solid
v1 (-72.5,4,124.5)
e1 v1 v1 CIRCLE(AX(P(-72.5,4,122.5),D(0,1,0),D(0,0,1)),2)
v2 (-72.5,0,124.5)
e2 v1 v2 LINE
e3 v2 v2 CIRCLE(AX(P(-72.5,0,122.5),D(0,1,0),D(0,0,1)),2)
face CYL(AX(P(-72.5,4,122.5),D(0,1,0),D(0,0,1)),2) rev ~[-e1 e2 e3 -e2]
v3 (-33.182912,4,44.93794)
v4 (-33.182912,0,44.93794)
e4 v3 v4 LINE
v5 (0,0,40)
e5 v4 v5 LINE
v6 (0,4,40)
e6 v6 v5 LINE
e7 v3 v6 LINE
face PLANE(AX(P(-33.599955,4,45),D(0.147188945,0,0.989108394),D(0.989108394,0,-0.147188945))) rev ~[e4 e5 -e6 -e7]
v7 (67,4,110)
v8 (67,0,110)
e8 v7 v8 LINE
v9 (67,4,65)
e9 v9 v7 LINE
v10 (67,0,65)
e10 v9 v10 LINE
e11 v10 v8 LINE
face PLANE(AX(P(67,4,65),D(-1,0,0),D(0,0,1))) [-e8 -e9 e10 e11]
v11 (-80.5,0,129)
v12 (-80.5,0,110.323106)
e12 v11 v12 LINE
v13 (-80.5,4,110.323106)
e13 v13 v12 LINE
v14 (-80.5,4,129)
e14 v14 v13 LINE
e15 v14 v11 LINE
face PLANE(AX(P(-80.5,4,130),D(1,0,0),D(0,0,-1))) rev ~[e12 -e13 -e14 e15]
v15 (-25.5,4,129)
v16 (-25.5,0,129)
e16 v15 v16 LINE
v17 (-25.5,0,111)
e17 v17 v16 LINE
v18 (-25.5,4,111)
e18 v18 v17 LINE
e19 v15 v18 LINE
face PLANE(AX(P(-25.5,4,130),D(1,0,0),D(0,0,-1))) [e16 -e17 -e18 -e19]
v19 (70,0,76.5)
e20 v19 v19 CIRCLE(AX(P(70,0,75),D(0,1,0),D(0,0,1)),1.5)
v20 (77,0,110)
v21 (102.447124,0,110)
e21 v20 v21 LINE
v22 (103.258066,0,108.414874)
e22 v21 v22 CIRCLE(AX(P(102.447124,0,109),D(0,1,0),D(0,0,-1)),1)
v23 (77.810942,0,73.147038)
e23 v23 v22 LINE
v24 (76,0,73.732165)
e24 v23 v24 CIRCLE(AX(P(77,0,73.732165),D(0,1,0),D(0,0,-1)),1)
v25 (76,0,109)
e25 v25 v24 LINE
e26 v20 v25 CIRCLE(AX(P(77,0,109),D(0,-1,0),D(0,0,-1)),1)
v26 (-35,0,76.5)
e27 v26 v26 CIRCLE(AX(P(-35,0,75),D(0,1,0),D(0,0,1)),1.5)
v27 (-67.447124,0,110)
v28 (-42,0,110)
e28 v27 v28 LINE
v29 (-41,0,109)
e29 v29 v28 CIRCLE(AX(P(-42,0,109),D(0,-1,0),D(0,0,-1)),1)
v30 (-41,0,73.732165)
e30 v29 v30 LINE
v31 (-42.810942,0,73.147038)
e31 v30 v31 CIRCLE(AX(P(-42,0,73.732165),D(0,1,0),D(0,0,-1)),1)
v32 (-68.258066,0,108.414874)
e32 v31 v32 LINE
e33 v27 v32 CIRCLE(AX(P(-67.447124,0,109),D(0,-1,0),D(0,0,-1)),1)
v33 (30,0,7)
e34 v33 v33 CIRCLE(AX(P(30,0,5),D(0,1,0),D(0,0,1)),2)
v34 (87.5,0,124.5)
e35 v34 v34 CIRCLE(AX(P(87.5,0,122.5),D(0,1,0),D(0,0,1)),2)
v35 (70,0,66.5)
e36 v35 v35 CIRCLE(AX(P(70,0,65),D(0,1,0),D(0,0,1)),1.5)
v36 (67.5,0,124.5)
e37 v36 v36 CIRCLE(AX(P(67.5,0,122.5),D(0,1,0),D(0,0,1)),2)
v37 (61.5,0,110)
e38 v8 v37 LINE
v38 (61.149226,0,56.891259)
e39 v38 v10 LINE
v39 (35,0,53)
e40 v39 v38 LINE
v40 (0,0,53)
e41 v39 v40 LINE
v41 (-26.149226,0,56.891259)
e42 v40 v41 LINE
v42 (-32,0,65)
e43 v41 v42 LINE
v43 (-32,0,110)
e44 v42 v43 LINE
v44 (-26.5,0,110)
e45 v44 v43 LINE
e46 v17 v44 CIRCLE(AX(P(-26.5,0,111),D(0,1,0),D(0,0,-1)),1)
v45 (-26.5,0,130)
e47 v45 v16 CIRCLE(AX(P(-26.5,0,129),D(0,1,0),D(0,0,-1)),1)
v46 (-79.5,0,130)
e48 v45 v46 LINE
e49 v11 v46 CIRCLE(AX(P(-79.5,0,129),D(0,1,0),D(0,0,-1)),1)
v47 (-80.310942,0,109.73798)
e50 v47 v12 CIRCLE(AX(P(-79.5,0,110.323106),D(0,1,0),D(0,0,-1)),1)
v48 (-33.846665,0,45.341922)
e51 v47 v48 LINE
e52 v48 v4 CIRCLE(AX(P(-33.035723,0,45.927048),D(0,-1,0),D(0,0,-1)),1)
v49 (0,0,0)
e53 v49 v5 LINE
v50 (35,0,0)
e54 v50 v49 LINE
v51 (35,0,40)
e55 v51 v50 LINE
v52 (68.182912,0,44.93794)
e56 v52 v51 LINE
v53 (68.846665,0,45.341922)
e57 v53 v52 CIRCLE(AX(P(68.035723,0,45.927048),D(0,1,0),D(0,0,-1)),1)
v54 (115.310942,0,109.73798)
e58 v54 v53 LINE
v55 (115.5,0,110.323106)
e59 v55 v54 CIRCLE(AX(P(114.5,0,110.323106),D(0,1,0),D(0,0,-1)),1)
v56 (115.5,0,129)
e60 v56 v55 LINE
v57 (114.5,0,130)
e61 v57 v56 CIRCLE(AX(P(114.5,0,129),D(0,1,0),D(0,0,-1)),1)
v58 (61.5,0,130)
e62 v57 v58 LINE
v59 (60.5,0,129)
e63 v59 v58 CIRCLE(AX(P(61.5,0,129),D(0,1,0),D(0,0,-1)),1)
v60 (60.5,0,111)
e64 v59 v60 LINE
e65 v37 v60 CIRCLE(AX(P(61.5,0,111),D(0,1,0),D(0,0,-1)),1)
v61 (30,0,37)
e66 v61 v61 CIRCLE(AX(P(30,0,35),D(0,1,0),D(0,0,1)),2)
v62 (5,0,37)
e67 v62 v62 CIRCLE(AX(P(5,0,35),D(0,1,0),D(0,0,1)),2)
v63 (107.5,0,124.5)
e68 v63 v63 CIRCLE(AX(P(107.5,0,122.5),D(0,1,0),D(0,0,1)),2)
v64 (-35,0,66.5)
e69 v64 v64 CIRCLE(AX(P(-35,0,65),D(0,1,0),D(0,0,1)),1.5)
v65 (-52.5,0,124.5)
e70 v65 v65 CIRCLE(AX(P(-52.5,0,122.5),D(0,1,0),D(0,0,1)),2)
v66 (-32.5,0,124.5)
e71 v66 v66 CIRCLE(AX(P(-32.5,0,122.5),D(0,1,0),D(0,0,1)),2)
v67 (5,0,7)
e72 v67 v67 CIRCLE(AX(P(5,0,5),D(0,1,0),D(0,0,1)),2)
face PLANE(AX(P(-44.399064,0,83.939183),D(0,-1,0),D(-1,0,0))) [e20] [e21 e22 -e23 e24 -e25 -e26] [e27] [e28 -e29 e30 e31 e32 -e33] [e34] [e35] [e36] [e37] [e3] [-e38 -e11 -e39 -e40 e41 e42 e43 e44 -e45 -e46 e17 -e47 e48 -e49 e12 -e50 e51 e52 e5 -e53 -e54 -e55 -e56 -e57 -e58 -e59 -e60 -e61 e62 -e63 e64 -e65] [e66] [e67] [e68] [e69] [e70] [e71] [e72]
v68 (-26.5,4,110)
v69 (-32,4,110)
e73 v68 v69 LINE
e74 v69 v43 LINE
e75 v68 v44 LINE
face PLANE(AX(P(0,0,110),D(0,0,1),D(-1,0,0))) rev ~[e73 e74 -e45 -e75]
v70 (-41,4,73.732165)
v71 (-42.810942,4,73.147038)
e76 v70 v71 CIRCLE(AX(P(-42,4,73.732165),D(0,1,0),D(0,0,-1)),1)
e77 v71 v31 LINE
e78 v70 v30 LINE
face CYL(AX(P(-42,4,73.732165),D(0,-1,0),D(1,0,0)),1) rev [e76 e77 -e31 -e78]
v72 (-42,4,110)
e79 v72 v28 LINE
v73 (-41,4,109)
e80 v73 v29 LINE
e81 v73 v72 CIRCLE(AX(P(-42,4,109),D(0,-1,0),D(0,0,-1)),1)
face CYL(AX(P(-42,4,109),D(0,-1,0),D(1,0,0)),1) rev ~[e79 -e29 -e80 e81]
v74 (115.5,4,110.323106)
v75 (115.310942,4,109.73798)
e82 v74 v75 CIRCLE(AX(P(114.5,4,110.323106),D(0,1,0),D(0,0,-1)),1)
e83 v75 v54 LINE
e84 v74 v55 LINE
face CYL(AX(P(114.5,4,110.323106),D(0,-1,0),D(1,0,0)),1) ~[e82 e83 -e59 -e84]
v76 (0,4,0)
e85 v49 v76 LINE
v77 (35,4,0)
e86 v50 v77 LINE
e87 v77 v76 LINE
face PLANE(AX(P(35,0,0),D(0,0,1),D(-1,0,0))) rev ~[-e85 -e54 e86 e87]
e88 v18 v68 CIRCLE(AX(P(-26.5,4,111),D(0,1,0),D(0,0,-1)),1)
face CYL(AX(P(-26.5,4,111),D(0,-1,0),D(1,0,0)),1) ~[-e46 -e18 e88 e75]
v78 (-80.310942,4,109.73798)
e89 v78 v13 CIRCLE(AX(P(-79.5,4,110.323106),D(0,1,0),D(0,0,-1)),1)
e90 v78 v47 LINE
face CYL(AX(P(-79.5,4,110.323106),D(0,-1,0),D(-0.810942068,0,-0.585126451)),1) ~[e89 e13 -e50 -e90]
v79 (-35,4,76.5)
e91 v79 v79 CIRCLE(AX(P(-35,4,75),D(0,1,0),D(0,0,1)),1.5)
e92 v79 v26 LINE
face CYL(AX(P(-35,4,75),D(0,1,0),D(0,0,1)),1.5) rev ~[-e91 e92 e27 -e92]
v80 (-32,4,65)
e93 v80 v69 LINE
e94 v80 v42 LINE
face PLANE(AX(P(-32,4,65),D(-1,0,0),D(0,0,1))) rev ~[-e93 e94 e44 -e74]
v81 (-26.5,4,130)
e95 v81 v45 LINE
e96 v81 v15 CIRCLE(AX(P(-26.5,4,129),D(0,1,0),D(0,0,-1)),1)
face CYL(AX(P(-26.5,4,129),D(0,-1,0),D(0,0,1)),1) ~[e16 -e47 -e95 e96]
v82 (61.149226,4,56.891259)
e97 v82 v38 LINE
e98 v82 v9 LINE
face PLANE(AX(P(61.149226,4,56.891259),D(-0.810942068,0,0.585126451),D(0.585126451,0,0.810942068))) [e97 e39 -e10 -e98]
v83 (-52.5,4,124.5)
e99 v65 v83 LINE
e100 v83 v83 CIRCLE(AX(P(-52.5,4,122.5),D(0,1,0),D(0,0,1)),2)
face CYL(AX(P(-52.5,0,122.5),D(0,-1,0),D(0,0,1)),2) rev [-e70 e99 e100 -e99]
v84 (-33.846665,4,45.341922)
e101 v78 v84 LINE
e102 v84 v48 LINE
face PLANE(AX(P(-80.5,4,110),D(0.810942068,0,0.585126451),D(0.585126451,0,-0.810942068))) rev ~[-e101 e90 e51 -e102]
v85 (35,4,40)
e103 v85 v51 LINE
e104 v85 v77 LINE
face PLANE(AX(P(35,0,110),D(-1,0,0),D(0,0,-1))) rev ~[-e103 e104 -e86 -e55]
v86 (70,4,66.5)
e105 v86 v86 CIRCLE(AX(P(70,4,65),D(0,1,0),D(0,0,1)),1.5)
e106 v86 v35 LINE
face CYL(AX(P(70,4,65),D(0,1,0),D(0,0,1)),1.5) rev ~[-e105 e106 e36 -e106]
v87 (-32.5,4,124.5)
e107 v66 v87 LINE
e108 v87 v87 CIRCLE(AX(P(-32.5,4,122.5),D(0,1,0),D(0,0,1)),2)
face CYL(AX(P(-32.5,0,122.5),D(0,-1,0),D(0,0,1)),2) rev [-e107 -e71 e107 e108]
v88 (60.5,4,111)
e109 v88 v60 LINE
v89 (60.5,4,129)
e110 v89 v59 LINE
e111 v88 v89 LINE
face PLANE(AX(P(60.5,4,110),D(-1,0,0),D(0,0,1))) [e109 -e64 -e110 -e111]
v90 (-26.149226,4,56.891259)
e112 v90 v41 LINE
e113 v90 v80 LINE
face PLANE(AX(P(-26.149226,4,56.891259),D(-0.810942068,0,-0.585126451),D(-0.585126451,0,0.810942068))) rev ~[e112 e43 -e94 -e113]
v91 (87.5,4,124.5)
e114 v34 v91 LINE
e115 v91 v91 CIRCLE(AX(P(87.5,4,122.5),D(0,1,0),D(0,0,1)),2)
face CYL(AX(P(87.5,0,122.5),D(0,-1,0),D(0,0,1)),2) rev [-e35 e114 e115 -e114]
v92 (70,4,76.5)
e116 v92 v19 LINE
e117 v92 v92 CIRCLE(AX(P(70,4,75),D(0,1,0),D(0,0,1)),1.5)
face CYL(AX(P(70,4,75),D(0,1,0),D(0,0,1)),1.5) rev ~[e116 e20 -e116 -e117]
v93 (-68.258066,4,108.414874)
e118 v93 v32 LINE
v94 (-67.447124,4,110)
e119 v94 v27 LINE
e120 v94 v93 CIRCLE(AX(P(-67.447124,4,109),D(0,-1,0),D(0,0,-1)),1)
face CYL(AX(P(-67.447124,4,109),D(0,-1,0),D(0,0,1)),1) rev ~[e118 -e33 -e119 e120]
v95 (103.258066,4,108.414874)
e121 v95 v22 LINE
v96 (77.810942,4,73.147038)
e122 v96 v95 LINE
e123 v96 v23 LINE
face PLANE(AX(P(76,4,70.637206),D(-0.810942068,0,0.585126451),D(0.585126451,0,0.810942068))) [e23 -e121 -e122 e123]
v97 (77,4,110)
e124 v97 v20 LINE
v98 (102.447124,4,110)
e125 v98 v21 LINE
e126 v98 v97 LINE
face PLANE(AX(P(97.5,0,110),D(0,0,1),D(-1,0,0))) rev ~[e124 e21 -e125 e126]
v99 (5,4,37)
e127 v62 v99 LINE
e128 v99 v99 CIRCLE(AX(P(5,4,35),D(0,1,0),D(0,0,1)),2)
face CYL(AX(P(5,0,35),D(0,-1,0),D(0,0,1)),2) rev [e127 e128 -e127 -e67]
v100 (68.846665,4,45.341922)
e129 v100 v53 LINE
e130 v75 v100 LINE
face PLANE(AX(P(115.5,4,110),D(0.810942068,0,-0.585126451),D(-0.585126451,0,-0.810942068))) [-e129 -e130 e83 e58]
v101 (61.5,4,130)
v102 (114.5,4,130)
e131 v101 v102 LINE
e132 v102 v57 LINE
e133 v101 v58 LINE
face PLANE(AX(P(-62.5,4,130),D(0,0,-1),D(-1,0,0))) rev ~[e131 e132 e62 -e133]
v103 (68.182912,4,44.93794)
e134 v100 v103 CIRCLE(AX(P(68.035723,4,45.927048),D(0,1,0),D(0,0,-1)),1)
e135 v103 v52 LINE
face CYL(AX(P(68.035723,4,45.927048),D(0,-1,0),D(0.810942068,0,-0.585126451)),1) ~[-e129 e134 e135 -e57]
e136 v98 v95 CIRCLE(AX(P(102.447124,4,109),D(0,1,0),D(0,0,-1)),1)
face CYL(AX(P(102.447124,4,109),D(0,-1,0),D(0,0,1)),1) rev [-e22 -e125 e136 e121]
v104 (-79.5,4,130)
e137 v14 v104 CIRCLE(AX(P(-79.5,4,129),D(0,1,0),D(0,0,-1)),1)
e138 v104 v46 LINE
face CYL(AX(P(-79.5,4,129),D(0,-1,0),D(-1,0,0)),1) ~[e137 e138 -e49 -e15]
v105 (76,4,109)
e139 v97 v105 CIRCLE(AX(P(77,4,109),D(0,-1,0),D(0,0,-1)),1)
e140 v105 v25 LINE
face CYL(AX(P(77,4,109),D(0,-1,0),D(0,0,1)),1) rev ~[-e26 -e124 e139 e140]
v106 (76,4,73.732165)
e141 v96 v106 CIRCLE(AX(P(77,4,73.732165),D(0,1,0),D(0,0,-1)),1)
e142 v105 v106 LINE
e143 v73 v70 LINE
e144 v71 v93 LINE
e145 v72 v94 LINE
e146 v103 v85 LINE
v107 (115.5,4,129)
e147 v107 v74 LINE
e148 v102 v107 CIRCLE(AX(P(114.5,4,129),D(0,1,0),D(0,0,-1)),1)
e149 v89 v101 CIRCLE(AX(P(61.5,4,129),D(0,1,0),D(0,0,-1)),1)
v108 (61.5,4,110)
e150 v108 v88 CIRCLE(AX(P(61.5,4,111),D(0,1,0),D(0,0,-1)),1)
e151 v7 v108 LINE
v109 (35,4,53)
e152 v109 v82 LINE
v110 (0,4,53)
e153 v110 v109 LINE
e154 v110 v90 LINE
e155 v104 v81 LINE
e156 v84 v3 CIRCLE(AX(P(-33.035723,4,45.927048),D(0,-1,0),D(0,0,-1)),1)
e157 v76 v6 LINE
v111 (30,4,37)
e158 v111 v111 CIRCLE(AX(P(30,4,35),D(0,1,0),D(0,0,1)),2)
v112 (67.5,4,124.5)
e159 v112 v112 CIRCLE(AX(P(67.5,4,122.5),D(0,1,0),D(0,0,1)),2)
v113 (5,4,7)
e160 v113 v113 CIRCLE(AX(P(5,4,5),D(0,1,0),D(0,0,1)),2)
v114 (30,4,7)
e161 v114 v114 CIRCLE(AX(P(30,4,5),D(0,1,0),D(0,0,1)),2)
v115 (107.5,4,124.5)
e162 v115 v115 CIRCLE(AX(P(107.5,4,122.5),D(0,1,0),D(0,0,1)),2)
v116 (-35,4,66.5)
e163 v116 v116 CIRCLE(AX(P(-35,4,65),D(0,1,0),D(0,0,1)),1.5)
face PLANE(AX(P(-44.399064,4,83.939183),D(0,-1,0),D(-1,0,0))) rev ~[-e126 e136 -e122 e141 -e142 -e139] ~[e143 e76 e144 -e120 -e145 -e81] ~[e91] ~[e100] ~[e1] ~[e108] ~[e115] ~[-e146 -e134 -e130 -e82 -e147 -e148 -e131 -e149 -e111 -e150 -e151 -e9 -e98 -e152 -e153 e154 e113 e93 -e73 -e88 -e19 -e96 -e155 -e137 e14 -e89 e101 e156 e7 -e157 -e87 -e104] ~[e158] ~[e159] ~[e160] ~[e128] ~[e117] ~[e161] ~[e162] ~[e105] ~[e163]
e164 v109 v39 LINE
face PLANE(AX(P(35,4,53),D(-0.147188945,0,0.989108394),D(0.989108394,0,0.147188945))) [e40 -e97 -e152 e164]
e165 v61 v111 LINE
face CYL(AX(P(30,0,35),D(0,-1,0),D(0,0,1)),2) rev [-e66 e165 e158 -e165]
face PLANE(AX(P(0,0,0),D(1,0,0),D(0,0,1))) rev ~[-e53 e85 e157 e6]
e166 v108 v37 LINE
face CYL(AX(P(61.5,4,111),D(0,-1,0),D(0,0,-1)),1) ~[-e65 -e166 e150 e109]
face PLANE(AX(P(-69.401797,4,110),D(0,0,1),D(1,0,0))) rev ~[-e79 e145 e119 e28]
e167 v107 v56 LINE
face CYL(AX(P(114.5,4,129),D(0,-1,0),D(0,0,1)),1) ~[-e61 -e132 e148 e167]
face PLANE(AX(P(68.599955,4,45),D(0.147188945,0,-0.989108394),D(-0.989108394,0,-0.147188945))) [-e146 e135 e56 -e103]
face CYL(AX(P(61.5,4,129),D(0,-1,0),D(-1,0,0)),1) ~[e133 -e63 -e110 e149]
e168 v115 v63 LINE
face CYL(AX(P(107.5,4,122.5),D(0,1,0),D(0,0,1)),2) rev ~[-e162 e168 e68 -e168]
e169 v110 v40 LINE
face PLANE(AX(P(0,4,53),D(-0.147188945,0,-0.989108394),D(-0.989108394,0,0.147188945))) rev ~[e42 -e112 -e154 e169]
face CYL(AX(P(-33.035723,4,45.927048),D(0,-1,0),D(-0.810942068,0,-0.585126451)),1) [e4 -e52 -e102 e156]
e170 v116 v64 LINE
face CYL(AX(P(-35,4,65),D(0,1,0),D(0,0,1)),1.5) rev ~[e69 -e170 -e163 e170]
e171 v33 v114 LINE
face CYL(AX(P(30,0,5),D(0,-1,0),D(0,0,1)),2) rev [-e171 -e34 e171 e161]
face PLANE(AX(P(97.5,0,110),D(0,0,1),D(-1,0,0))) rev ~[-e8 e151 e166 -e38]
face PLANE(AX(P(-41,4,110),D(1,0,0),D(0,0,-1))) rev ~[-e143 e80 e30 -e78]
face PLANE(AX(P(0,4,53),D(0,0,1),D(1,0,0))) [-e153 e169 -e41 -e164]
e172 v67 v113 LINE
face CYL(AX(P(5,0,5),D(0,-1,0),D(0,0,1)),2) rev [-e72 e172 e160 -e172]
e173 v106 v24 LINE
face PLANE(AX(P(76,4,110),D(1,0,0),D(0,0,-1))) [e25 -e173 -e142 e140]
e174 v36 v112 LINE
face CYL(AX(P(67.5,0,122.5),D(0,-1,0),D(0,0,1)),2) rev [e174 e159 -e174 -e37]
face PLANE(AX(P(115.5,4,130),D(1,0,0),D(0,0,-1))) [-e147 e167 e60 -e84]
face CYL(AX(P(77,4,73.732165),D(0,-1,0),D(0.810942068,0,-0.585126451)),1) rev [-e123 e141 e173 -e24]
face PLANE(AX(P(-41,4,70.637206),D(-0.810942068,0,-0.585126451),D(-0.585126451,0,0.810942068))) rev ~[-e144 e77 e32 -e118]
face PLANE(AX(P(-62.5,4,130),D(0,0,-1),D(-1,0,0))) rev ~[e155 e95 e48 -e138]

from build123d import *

# Parameters (mm, degrees)
SKETCH_1_R          = 2
EXTRUDE_1_DEPTH     = 4
SKETCH_2_R          = 1.5
SKETCH_2_R_2        = 2
EXTRUDE_2_DEPTH     = 4
CUT_EXTRUDE_1_DEPTH = 174.943237868
FILLET_2_R          = 1
FILLET_3_R          = 1


with BuildPart() as part:
    # 草图1 → 凸台-拉伸1 (new body)
    with BuildSketch(Plane(origin=(0, 0, 0), x_dir=(1, 0, 0), z_dir=(0, 1, 0))):
        Polygon((0, 0), (0, -110), (-62.5, -110), (-62.5, -130), (97.5, -130), (97.5, -110), (35, -110), (35, 0), align=None)
        with Locations(Location((5, -5, 0), (0, 0, 270))):
            Circle(SKETCH_1_R, mode=Mode.SUBTRACT)
        with Locations(Location((30, -5, 0), (0, 0, 270))):
            Circle(SKETCH_1_R, mode=Mode.SUBTRACT)
        with Locations(Location((5, -35, 0), (0, 0, 270))):
            Circle(SKETCH_1_R, mode=Mode.SUBTRACT)
        with Locations(Location((30, -35, 0), (0, 0, 270))):
            Circle(SKETCH_1_R, mode=Mode.SUBTRACT)
        with Locations(Location((-52.5, -122.5, 0), (0, 0, 270))):
            Circle(SKETCH_1_R, mode=Mode.SUBTRACT)
        with Locations(Location((-32.5, -122.5, 0), (0, 0, 270))):
            Circle(SKETCH_1_R, mode=Mode.SUBTRACT)
        with Locations(Location((-12.5, -122.5, 0), (0, 0, 270))):
            Circle(SKETCH_1_R, mode=Mode.SUBTRACT)
        with Locations(Location((7.5, -122.5, 0), (0, 0, 270))):
            Circle(SKETCH_1_R, mode=Mode.SUBTRACT)
        with Locations(Location((27.5, -122.5, 0), (0, 0, 270))):
            Circle(SKETCH_1_R, mode=Mode.SUBTRACT)
        with Locations(Location((47.5, -122.5, 0), (0, 0, 270))):
            Circle(SKETCH_1_R, mode=Mode.SUBTRACT)
        with Locations(Location((67.5, -122.5, 0), (0, 0, 270))):
            Circle(SKETCH_1_R, mode=Mode.SUBTRACT)
        with Locations(Location((87.5, -122.5, 0), (0, 0, 270))):
            Circle(SKETCH_1_R, mode=Mode.SUBTRACT)
    extrude(amount=EXTRUDE_1_DEPTH)

    # 草图2 → 凸台-拉伸2 (add)
    # profile 1 of 2: a face of its own
    with BuildSketch(Plane(origin=(0, 4, 0), x_dir=(1, 0, 0), z_dir=(0, 1, 0))):
        Polygon((0, -40), (0, -53), (-26.149225941, -56.891259047), (-32, -65), (-32, -110), (-41, -110), (-41, -70.637206461), (-69.401796613, -110), (-62.5, -110), (-62.5, -130), (-80.5, -130), (-80.5, -110), (-33.599955214, -45), align=None)
        with Locations(Location((-35, -65, 0), (0, 0, 270))):
            Circle(SKETCH_2_R, mode=Mode.SUBTRACT)
        with Locations(Location((-35, -75, 0), (0, 0, 270))):
            Circle(SKETCH_2_R, mode=Mode.SUBTRACT)
        with Locations(Location((-72.5, -122.5, 0), (0, 0, 270))):
            Circle(SKETCH_2_R_2, mode=Mode.SUBTRACT)
    # profile 2 of 2: a face of its own
    with BuildSketch(Plane(origin=(0, 4, 0), x_dir=(1, 0, 0), z_dir=(0, 1, 0))):
        Polygon((67, -65), (67, -110), (76, -110), (76, -70.637206461), (104.401796613, -110), (97.5, -110), (97.5, -130), (115.5, -130), (115.5, -110), (68.599955214, -45), (35, -40), (35, -53), (61.149225941, -56.891259047), align=None)
        with Locations(Location((70, -65, 0), (0, 0, 270))):
            Circle(SKETCH_2_R, mode=Mode.SUBTRACT)
        with Locations(Location((70, -75, 0), (0, 0, 270))):
            Circle(SKETCH_2_R, mode=Mode.SUBTRACT)
        with Locations(Location((107.5, -122.5, 0), (0, 0, 270))):
            Circle(SKETCH_2_R_2, mode=Mode.SUBTRACT)
    extrude(amount=-EXTRUDE_2_DEPTH)

    # 草图3 → 切除-拉伸1 (cut, through all)
    with BuildSketch(Plane(origin=(0, 4, 0), x_dir=(1, 0, 0), z_dir=(0, 1, 0))):
        Polygon((0, -53), (35, -53), (35, -110), (60.5, -110), (60.5, -130), (-25.5, -130), (-25.5, -110), (0, -110), align=None)
    extrude(amount=-CUT_EXTRUDE_1_DEPTH, mode=Mode.SUBTRACT)

    # 圆角2
    fillet_2_edges = [part.edges().sort_by_distance(p)[0] for p in [
        (76, 2, 70.637206461),
        (104.401796613, 2, 110),
        (76, 2, 110),
        (-41, 2, 70.637206461),
        (-41, 2, 110),
        (-69.401796613, 2, 110),
    ]]
    fillet(fillet_2_edges, radius=FILLET_2_R)

    # 圆角3
    fillet_3_edges = [part.edges().sort_by_distance(p)[0] for p in [
        (115.5, 2, 130),
        (115.5, 2, 110),
        (68.599955214, 2, 45),
        (60.5, 2, 110),
        (60.5, 2, 130),
        (-25.5, 2, 130),
        (-25.5, 2, 110),
        (-33.599955214, 2, 45),
        (-80.5, 2, 110),
        (-80.5, 2, 130),
    ]]
    fillet(fillet_3_edges, radius=FILLET_3_R)


solid = part.part
